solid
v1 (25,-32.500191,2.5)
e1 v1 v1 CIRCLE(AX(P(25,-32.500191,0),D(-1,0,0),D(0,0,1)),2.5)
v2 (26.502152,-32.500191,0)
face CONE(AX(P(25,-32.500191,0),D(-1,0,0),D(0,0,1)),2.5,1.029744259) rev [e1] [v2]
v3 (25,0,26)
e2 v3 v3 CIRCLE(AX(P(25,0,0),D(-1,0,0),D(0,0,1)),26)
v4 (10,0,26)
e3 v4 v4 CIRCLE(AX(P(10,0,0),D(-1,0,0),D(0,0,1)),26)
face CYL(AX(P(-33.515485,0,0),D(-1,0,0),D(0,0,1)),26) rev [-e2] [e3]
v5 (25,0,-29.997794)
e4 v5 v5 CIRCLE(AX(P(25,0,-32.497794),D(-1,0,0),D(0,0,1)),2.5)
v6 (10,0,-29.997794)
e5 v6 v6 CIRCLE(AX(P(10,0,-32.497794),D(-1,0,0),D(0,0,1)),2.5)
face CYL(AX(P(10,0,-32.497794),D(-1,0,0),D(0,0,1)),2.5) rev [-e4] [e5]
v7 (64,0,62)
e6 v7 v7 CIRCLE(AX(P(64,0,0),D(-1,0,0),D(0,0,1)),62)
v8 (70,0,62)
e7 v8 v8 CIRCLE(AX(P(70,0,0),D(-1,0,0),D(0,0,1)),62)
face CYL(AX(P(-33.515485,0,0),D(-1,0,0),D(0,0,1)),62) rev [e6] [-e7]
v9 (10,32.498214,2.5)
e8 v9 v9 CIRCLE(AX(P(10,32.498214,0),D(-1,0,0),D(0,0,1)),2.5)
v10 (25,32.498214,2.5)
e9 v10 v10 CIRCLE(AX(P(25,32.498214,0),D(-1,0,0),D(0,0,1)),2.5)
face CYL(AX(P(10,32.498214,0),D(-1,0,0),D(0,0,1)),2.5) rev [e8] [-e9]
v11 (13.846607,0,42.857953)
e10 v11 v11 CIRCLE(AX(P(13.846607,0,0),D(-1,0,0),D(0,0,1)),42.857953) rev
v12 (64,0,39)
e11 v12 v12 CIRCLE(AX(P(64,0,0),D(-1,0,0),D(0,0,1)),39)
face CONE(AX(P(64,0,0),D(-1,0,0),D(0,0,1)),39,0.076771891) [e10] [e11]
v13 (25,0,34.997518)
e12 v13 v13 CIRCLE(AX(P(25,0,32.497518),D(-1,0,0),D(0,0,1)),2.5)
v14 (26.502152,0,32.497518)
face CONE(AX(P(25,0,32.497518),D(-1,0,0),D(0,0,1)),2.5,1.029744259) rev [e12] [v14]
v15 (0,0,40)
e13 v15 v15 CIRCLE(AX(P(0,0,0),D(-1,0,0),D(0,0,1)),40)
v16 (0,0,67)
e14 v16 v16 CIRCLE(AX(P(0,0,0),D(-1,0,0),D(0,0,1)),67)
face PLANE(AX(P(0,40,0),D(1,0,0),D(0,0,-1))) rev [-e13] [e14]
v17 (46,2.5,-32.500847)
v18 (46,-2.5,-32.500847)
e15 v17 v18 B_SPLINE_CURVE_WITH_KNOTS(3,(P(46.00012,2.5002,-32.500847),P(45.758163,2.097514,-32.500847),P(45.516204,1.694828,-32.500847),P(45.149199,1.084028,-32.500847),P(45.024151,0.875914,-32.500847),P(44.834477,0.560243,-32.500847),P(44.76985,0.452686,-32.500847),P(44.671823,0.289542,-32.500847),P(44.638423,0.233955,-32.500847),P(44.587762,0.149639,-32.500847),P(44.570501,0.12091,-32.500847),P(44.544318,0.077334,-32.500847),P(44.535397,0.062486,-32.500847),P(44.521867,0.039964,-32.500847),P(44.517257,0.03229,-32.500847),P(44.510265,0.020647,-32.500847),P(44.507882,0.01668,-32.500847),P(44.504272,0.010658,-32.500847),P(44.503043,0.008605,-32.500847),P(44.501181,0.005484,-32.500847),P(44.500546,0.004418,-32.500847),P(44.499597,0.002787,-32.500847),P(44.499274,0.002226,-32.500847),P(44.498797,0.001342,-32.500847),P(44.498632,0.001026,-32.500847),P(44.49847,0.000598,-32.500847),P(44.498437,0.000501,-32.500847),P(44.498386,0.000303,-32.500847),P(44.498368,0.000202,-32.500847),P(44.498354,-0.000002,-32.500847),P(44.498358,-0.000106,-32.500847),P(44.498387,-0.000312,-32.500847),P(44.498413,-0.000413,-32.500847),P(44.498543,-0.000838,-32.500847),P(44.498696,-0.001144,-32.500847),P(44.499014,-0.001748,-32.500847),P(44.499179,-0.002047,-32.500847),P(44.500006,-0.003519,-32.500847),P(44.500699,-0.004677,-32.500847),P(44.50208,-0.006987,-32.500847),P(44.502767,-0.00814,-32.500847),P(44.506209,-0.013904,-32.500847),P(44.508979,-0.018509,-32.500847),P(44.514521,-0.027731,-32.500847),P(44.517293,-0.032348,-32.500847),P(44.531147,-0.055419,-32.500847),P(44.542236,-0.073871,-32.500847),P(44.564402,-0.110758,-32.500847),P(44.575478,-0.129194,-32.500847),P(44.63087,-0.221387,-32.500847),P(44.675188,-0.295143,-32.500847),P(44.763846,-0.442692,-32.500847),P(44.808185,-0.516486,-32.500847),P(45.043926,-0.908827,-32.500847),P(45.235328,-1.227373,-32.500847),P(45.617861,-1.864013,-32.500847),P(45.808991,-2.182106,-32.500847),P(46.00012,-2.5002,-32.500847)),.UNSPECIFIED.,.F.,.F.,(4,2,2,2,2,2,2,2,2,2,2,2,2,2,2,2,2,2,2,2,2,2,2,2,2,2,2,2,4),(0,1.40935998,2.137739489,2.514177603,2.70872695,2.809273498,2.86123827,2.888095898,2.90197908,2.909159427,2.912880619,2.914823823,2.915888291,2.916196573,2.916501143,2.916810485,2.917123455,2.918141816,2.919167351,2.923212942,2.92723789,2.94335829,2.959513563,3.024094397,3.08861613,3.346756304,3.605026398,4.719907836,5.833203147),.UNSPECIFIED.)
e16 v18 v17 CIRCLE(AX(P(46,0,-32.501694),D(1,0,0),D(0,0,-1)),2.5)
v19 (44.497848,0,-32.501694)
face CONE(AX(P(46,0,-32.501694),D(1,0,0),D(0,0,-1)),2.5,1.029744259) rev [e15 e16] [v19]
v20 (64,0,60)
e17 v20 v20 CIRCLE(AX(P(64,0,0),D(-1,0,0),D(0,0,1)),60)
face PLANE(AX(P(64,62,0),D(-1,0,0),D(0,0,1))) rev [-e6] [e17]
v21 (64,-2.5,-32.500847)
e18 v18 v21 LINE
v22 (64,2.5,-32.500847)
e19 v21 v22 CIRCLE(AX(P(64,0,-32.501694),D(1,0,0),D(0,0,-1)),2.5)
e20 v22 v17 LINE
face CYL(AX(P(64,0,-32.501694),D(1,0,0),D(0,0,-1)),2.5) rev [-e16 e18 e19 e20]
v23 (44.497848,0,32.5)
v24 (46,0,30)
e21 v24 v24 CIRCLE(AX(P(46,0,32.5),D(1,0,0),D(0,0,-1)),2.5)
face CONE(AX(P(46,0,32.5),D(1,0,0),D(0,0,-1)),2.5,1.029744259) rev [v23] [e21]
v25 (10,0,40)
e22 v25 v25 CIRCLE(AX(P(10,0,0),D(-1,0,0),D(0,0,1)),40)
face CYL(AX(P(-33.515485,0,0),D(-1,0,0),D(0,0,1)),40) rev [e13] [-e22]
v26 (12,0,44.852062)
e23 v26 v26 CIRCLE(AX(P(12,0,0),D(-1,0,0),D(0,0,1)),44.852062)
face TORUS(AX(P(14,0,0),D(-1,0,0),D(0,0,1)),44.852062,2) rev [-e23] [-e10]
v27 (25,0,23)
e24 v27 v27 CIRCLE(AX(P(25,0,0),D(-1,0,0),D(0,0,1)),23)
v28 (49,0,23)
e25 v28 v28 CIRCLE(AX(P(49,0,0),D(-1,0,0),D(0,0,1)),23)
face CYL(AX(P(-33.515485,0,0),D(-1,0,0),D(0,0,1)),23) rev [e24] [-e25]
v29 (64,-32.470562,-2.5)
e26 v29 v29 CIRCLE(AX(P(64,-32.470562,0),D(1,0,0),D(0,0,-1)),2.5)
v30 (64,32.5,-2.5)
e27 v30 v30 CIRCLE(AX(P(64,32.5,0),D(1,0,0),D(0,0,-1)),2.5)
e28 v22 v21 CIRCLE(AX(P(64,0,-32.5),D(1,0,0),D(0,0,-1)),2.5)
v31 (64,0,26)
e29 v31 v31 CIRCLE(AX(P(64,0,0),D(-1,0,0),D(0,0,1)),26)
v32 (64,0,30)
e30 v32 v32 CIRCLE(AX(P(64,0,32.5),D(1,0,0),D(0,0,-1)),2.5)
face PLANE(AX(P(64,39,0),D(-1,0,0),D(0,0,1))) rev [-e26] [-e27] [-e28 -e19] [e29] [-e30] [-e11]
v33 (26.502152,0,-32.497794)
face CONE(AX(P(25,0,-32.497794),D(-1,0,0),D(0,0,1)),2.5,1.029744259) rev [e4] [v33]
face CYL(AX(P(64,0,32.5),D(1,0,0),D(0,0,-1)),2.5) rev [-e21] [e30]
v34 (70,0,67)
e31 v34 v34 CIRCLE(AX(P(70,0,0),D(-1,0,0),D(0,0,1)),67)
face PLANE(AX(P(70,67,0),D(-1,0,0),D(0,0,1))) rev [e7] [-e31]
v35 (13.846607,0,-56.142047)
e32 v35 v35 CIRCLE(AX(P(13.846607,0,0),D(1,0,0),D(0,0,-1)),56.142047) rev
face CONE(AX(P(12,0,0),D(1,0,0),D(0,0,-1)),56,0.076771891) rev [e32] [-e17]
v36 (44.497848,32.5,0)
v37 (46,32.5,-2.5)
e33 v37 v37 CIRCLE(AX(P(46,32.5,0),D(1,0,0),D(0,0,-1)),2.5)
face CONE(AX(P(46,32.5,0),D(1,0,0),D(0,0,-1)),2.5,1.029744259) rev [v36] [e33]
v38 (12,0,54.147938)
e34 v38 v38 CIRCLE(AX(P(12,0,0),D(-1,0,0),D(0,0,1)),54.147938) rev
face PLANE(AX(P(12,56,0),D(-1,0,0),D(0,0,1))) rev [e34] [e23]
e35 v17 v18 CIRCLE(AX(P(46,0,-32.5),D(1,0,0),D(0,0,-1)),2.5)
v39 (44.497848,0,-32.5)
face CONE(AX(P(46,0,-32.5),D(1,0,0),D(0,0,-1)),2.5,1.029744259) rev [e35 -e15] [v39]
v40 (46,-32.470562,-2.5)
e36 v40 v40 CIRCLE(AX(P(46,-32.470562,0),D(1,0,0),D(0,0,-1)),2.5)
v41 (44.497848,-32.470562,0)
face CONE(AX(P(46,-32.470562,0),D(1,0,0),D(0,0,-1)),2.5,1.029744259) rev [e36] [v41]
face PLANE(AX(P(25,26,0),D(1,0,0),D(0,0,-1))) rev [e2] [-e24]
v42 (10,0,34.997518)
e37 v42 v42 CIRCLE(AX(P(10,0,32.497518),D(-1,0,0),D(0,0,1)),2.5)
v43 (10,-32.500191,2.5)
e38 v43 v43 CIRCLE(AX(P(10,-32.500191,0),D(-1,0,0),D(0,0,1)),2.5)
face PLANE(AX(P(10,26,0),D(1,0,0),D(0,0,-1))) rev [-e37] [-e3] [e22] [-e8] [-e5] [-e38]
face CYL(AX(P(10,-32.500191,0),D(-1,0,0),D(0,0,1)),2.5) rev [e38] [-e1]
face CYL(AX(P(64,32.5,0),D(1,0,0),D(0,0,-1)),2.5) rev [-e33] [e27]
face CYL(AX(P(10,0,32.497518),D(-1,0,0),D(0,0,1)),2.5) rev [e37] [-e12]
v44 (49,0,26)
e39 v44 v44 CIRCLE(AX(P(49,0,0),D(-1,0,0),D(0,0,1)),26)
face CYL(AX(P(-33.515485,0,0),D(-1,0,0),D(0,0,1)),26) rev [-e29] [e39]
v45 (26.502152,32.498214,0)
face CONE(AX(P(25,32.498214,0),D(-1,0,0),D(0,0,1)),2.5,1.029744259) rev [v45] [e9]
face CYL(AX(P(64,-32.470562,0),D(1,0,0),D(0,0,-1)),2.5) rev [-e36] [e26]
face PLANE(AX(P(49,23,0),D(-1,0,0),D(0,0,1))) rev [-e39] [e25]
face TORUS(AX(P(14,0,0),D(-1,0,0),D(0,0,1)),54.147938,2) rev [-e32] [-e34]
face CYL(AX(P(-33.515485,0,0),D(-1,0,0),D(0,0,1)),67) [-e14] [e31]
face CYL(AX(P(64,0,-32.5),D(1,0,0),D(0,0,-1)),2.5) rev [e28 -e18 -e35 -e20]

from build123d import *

# Parameters (mm, degrees)
REDONDEO1_R                = 2
TALADRO_ROSCADO_M64_D      = 5
TALADRO_ROSCADO_M64_DEPTH  = 18
TALADRO_ROSCADO_M64_TIP    = 1.502151548
TALADRO_ROSCADO_M69_D      = 5
TALADRO_ROSCADO_M69_DEPTH  = 18
TALADRO_ROSCADO_M69_TIP    = 1.502151548
TALADRO_ROSCADO_M611_D     = 5
TALADRO_ROSCADO_M611_DEPTH = 15
TALADRO_ROSCADO_M611_TIP   = 1.502151548
TALADRO_ROSCADO_M612_D     = 5
TALADRO_ROSCADO_M612_DEPTH = 15
TALADRO_ROSCADO_M612_TIP   = 1.502151548
TALADRO_ROSCADO_M613_D     = 5
TALADRO_ROSCADO_M613_DEPTH = 18
TALADRO_ROSCADO_M613_TIP   = 1.502151548
TALADRO_ROSCADO_M614_D     = 5
TALADRO_ROSCADO_M614_DEPTH = 18
TALADRO_ROSCADO_M614_TIP   = 1.502151548
TALADRO_ROSCADO_M615_D     = 5
TALADRO_ROSCADO_M615_DEPTH = 15
TALADRO_ROSCADO_M615_TIP   = 1.502151548


with BuildPart() as part:
    # Croquis1 → Revolución1 (revolve)
    with BuildSketch(Plane.XY, mode=Mode.PRIVATE) as revoluci_n1_sk:
        Polygon((0, 67), (70, 67), (70, 62), (64, 62), (64, 60), (12, 56), (12, 43), (64, 39), (64, 26), (49, 26), (49, 23), (25, 23), (25, 26), (10, 26), (10, 40), (0, 40), align=None)
    revolve(revoluci_n1_sk.sketch.rotate(Axis((-33.5154853, 0, 0), (1, 0, 0)), 90), axis=Axis((-33.5154853, 0, 0), (1, 0, 0)))

    # Redondeo1
    redondeo1_edges = [part.edges().sort_by_distance(p)[0] for p in [
        (12, 0, -43),
        (12, 0, -56),
    ]]
    fillet(redondeo1_edges, radius=REDONDEO1_R)

    # Taladro roscado M64
    with Locations(Plane(origin=(64, 0, 0), x_dir=(0, 0, -1), z_dir=(1, 0, 0))):
        with Locations((0, 32.5)):
            Hole(TALADRO_ROSCADO_M64_D / 2, depth=TALADRO_ROSCADO_M64_DEPTH)
            with Locations((0, 0, -(TALADRO_ROSCADO_M64_DEPTH + TALADRO_ROSCADO_M64_TIP / 2))):  # 118° drill point
                Cone(0, TALADRO_ROSCADO_M64_D / 2, TALADRO_ROSCADO_M64_TIP, mode=Mode.SUBTRACT)

    # Taladro roscado M69
    with Locations(Plane(origin=(64, 0, 0), x_dir=(0, 0, -1), z_dir=(1, 0, 0))):
        with Locations((0, -32.470562189)):
            Hole(TALADRO_ROSCADO_M69_D / 2, depth=TALADRO_ROSCADO_M69_DEPTH)
            with Locations((0, 0, -(TALADRO_ROSCADO_M69_DEPTH + TALADRO_ROSCADO_M69_TIP / 2))):  # 118° drill point
                Cone(0, TALADRO_ROSCADO_M69_D / 2, TALADRO_ROSCADO_M69_TIP, mode=Mode.SUBTRACT)

    # Taladro roscado M611
    with Locations(Plane.ZY.offset(-10)):
        with Locations((0, 32.498213501)):
            Hole(TALADRO_ROSCADO_M611_D / 2, depth=TALADRO_ROSCADO_M611_DEPTH)
            with Locations((0, 0, -(TALADRO_ROSCADO_M611_DEPTH + TALADRO_ROSCADO_M611_TIP / 2))):  # 118° drill point
                Cone(0, TALADRO_ROSCADO_M611_D / 2, TALADRO_ROSCADO_M611_TIP, mode=Mode.SUBTRACT)

    # Taladro roscado M612
    with Locations(Plane.ZY.offset(-10)):
        with Locations((0, -32.50019141)):
            Hole(TALADRO_ROSCADO_M612_D / 2, depth=TALADRO_ROSCADO_M612_DEPTH)
            with Locations((0, 0, -(TALADRO_ROSCADO_M612_DEPTH + TALADRO_ROSCADO_M612_TIP / 2))):  # 118° drill point
                Cone(0, TALADRO_ROSCADO_M612_D / 2, TALADRO_ROSCADO_M612_TIP, mode=Mode.SUBTRACT)

    # Taladro roscado M613
    with Locations(Plane(origin=(64, 0, 0), x_dir=(0, 0, -1), z_dir=(1, 0, 0))):
        with Locations((32.501693853, 0)):
            Hole(TALADRO_ROSCADO_M613_D / 2, depth=TALADRO_ROSCADO_M613_DEPTH)
            with Locations((0, 0, -(TALADRO_ROSCADO_M613_DEPTH + TALADRO_ROSCADO_M613_TIP / 2))):  # 118° drill point
                Cone(0, TALADRO_ROSCADO_M613_D / 2, TALADRO_ROSCADO_M613_TIP, mode=Mode.SUBTRACT)

    # Taladro roscado M614
    with Locations(Plane(origin=(64, 0, 0), x_dir=(0, 0, -1), z_dir=(1, 0, 0))):
        with Locations((32.5, 0), (-32.5, 0)):
            Hole(TALADRO_ROSCADO_M614_D / 2, depth=TALADRO_ROSCADO_M614_DEPTH)
            with Locations((0, 0, -(TALADRO_ROSCADO_M614_DEPTH + TALADRO_ROSCADO_M614_TIP / 2))):  # 118° drill point
                Cone(0, TALADRO_ROSCADO_M614_D / 2, TALADRO_ROSCADO_M614_TIP, mode=Mode.SUBTRACT)

    # Taladro roscado M615
    with Locations(Plane.ZY.offset(-10)):
        with Locations((-32.497793678, 0), (32.497518122, 0)):
            Hole(TALADRO_ROSCADO_M615_D / 2, depth=TALADRO_ROSCADO_M615_DEPTH)
            with Locations((0, 0, -(TALADRO_ROSCADO_M615_DEPTH + TALADRO_ROSCADO_M615_TIP / 2))):  # 118° drill point
                Cone(0, TALADRO_ROSCADO_M615_D / 2, TALADRO_ROSCADO_M615_TIP, mode=Mode.SUBTRACT)


solid = part.part
